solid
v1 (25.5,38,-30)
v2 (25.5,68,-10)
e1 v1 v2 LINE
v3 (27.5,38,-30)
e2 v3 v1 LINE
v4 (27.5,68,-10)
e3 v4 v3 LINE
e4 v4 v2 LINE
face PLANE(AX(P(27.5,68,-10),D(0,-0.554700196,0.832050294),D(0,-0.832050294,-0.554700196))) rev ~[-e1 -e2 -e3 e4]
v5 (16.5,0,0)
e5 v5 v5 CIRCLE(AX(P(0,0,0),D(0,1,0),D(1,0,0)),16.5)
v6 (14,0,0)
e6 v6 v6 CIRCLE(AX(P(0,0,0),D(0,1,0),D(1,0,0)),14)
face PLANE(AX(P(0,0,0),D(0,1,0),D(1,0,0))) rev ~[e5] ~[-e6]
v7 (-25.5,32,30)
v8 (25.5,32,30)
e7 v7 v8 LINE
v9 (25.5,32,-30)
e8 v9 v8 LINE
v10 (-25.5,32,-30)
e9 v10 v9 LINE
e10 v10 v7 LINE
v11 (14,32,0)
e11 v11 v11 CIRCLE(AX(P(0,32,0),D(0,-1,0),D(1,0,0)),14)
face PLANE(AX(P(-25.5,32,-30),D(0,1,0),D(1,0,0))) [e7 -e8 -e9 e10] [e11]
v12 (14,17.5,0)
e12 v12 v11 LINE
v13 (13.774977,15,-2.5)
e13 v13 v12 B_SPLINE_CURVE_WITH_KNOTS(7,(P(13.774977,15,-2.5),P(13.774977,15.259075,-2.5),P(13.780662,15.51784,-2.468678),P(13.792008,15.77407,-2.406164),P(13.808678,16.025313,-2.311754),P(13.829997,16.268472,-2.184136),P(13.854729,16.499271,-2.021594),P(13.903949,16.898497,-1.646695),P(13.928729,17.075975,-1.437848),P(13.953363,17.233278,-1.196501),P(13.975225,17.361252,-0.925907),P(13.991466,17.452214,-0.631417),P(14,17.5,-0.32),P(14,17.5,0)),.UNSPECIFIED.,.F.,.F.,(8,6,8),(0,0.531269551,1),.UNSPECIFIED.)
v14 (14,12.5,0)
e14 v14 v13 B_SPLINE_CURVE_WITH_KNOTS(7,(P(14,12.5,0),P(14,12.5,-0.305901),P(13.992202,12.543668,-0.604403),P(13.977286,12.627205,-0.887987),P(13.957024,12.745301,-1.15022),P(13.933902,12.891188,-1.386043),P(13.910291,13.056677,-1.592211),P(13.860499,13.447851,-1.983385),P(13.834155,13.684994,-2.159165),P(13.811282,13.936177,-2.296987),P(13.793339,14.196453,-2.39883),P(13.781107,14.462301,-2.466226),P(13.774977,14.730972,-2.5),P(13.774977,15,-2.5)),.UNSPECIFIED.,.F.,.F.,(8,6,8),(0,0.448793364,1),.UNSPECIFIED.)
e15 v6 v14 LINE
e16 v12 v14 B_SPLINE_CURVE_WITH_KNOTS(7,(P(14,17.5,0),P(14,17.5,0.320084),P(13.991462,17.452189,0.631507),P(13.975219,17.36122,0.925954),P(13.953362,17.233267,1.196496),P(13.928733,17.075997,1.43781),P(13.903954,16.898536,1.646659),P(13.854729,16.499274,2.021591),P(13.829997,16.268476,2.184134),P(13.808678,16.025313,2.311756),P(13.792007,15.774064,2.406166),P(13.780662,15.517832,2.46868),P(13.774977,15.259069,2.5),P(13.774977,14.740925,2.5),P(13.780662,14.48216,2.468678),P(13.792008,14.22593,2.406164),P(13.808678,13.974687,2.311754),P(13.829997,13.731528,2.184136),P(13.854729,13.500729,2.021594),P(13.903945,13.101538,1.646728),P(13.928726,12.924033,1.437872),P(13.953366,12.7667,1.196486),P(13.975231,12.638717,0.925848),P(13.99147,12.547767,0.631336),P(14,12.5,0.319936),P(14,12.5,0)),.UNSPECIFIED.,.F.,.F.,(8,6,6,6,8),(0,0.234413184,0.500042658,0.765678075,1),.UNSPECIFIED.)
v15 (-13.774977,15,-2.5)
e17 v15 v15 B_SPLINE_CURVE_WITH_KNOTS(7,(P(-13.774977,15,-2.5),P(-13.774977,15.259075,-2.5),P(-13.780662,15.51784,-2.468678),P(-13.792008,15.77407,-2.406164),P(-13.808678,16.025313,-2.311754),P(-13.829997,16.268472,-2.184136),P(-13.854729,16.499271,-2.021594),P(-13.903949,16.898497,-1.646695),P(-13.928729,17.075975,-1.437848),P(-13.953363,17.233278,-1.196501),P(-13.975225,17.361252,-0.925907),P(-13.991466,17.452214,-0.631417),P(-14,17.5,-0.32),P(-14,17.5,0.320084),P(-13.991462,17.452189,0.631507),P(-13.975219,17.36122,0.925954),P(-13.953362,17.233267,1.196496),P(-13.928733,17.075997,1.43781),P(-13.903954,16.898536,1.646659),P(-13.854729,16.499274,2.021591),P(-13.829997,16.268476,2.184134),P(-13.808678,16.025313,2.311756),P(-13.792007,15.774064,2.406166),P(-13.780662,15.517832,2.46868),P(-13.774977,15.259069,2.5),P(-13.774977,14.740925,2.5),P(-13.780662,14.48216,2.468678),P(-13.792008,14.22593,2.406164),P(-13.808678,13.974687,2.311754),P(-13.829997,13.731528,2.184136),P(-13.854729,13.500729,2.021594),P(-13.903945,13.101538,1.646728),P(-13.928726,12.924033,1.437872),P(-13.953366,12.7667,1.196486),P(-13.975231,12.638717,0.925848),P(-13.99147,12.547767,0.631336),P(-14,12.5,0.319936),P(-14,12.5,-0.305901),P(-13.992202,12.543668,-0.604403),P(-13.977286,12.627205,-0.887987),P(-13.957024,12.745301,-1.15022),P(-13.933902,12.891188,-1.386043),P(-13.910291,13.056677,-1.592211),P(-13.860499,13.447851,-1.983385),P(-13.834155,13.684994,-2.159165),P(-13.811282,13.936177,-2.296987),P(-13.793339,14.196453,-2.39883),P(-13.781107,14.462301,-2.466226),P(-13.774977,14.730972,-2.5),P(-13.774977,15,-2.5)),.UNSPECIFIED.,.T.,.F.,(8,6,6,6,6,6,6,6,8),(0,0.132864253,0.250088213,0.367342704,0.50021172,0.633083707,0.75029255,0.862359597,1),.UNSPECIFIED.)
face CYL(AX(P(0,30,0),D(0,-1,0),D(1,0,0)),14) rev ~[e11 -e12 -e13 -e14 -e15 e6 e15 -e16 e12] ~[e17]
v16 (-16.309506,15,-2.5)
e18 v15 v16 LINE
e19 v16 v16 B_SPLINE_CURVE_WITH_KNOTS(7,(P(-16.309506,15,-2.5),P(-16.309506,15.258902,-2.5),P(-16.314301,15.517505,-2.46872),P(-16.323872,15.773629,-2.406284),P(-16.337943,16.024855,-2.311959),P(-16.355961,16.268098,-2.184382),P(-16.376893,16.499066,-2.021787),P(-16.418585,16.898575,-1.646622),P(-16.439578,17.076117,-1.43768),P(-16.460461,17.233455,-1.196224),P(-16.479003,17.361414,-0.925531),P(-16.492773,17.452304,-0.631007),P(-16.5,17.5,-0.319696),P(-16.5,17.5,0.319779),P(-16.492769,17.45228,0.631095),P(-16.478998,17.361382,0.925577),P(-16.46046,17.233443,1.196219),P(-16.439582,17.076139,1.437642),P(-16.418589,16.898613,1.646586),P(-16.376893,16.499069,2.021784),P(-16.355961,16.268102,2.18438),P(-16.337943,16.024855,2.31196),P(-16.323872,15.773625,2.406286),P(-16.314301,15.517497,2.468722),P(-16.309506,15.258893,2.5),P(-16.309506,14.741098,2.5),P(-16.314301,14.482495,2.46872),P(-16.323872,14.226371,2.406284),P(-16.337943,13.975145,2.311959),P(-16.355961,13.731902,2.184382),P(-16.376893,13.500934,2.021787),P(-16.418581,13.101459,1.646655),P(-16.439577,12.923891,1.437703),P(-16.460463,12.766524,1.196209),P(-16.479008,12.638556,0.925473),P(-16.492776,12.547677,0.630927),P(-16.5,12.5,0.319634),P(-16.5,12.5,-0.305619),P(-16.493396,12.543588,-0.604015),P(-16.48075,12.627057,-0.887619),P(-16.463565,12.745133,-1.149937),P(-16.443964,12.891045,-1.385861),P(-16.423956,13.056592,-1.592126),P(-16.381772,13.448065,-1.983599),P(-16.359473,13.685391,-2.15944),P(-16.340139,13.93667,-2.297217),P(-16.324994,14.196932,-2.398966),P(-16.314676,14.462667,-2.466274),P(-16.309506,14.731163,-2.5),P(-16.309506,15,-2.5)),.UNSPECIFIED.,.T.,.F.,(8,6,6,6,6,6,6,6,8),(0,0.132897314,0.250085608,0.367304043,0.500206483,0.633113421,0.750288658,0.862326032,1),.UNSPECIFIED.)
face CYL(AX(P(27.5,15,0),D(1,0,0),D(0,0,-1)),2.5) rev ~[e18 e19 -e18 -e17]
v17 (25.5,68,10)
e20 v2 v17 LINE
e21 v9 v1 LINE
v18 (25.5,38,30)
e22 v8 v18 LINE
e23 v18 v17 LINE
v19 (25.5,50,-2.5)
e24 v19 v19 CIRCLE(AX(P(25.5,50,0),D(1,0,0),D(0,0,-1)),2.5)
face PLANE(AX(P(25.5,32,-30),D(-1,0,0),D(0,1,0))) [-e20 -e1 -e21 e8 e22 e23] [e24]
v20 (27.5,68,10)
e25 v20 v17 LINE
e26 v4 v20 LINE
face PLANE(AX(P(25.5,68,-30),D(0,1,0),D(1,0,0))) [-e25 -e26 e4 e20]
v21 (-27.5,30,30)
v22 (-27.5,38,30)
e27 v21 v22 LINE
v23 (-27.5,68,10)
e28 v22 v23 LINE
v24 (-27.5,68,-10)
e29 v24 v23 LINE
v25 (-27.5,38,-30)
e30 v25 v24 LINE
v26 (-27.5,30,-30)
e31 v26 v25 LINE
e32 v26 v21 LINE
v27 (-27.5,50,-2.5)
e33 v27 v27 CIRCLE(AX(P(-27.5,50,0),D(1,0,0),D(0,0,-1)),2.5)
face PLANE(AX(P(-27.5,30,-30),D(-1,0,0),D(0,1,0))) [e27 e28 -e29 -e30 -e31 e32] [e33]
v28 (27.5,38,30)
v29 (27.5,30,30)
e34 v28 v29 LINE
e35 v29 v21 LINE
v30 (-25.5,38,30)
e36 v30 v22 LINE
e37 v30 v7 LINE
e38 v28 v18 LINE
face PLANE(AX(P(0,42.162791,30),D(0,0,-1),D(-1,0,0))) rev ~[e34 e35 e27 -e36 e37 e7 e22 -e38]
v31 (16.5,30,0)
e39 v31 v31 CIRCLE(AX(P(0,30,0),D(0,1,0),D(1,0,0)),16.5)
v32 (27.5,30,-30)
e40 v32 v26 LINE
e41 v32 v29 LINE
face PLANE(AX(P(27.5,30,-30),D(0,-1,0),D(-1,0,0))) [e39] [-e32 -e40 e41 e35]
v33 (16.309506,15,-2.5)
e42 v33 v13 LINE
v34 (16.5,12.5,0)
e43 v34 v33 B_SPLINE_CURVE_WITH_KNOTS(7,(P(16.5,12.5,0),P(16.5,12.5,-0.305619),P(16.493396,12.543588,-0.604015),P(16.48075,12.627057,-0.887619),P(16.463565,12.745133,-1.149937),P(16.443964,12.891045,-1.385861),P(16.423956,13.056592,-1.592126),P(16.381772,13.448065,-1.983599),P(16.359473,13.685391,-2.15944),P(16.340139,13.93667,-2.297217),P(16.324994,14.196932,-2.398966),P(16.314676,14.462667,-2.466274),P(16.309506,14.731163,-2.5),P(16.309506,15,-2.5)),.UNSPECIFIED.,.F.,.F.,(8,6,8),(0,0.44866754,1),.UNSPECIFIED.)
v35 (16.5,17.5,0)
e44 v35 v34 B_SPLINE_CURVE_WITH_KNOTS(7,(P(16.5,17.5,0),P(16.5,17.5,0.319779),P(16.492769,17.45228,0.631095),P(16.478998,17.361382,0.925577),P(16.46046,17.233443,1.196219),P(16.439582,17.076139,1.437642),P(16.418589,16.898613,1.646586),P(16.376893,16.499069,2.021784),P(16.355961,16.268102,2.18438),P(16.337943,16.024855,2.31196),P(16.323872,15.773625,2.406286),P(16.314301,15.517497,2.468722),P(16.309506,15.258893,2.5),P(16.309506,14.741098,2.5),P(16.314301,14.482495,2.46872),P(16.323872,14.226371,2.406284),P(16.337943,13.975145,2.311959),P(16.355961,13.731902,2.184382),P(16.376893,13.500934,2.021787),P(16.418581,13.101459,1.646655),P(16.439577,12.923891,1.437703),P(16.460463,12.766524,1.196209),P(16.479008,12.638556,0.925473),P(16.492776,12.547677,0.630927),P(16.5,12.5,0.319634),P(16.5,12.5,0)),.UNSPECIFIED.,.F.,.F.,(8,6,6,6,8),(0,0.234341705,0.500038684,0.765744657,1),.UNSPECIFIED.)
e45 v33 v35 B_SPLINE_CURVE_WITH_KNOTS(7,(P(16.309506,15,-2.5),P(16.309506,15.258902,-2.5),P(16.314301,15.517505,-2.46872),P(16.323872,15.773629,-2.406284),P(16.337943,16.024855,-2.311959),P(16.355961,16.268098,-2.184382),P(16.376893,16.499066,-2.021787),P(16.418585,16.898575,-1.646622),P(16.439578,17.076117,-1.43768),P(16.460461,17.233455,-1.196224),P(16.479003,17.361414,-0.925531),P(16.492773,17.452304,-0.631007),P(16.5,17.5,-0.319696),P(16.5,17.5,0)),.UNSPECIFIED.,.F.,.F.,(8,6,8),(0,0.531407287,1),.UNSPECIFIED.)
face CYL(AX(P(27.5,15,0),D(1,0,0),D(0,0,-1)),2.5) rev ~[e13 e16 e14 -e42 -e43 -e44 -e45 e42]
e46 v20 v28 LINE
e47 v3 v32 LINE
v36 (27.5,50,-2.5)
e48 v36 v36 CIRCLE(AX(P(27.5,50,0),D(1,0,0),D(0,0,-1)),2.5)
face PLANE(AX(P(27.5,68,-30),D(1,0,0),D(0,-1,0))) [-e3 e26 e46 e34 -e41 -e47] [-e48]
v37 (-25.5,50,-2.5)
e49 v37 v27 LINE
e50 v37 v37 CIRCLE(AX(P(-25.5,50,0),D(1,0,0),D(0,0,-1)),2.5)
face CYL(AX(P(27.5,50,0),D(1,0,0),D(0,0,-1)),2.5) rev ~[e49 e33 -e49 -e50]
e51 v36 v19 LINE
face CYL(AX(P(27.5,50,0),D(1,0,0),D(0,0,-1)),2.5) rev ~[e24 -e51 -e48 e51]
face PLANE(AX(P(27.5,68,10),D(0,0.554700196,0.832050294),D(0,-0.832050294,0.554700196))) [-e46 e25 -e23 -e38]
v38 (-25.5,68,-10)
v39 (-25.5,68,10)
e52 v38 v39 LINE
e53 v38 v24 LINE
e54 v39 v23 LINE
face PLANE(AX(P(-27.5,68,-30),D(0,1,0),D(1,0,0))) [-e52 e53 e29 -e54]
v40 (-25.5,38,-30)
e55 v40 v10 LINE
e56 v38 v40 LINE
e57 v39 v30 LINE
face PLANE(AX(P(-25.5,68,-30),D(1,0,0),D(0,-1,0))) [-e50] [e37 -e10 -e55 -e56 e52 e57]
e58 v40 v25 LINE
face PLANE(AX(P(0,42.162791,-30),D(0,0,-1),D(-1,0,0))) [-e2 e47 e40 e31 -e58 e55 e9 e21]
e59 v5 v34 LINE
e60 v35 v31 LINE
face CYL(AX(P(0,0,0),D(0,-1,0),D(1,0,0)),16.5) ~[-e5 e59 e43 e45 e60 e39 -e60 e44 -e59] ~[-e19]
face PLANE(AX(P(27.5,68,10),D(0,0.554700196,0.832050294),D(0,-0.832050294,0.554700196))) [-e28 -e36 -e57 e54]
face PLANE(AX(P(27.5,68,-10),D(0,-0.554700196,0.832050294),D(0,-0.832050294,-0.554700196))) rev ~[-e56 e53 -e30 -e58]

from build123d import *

# Parameters (mm, degrees)
SKETCH_1_R           = 16.5
SKETCH_1_R_2         = 14
EXTRUDE_1_DEPTH      = 30
EXTRUDE_2_DEPTH      = 30
EXTRUDE_2_DEPTH_BACK = 30
SKETCH_3_R           = 14
CUT_EXTRUDE_1_DEPTH  = 50
SKETCH_4_R           = 2.5
CUT_EXTRUDE_2_DEPTH  = 93.460802506


with BuildPart() as part:
    # 草图1 → 凸台-拉伸1 (new body)
    with BuildSketch(Plane(origin=(0, 0, 0), x_dir=(1, 0, 0), z_dir=(0, 1, 0))):
        Circle(SKETCH_1_R)
        Circle(SKETCH_1_R_2, mode=Mode.SUBTRACT)
    extrude(amount=EXTRUDE_1_DEPTH)

    # 草图2 → 凸台-拉伸2 (add, two sides: drawn at the far end of the back side and taken through both)
    with BuildSketch(Plane.XY.offset(-EXTRUDE_2_DEPTH_BACK)):
        Polygon((27.5, 30), (-27.5, 30), (-27.5, 68), (-25.5, 68), (-25.5, 32), (25.5, 32), (25.5, 68), (27.5, 68), align=None)
    extrude(amount=EXTRUDE_2_DEPTH + EXTRUDE_2_DEPTH_BACK)

    # 草图3 → 切除-拉伸1 (cut)
    with BuildSketch(Plane.XZ.offset(-30)):
        Circle(SKETCH_3_R)
    extrude(amount=-CUT_EXTRUDE_1_DEPTH, mode=Mode.SUBTRACT)

    # 草图4 → 切除-拉伸2 (cut, through all)
    with BuildSketch(Plane(origin=(27.5, 0, 0), x_dir=(0, 0, -1), z_dir=(1, 0, 0))):
        with Locations((0, 50)):
            Circle(SKETCH_4_R)
        with Locations((0, 15)):
            Circle(SKETCH_4_R)
        Polygon((-30, 38), (-30, 68), (-10, 68), align=None)
        Polygon((30, 68), (10, 68), (30, 38), align=None)
    extrude(amount=-CUT_EXTRUDE_2_DEPTH, mode=Mode.SUBTRACT)


solid = part.part
